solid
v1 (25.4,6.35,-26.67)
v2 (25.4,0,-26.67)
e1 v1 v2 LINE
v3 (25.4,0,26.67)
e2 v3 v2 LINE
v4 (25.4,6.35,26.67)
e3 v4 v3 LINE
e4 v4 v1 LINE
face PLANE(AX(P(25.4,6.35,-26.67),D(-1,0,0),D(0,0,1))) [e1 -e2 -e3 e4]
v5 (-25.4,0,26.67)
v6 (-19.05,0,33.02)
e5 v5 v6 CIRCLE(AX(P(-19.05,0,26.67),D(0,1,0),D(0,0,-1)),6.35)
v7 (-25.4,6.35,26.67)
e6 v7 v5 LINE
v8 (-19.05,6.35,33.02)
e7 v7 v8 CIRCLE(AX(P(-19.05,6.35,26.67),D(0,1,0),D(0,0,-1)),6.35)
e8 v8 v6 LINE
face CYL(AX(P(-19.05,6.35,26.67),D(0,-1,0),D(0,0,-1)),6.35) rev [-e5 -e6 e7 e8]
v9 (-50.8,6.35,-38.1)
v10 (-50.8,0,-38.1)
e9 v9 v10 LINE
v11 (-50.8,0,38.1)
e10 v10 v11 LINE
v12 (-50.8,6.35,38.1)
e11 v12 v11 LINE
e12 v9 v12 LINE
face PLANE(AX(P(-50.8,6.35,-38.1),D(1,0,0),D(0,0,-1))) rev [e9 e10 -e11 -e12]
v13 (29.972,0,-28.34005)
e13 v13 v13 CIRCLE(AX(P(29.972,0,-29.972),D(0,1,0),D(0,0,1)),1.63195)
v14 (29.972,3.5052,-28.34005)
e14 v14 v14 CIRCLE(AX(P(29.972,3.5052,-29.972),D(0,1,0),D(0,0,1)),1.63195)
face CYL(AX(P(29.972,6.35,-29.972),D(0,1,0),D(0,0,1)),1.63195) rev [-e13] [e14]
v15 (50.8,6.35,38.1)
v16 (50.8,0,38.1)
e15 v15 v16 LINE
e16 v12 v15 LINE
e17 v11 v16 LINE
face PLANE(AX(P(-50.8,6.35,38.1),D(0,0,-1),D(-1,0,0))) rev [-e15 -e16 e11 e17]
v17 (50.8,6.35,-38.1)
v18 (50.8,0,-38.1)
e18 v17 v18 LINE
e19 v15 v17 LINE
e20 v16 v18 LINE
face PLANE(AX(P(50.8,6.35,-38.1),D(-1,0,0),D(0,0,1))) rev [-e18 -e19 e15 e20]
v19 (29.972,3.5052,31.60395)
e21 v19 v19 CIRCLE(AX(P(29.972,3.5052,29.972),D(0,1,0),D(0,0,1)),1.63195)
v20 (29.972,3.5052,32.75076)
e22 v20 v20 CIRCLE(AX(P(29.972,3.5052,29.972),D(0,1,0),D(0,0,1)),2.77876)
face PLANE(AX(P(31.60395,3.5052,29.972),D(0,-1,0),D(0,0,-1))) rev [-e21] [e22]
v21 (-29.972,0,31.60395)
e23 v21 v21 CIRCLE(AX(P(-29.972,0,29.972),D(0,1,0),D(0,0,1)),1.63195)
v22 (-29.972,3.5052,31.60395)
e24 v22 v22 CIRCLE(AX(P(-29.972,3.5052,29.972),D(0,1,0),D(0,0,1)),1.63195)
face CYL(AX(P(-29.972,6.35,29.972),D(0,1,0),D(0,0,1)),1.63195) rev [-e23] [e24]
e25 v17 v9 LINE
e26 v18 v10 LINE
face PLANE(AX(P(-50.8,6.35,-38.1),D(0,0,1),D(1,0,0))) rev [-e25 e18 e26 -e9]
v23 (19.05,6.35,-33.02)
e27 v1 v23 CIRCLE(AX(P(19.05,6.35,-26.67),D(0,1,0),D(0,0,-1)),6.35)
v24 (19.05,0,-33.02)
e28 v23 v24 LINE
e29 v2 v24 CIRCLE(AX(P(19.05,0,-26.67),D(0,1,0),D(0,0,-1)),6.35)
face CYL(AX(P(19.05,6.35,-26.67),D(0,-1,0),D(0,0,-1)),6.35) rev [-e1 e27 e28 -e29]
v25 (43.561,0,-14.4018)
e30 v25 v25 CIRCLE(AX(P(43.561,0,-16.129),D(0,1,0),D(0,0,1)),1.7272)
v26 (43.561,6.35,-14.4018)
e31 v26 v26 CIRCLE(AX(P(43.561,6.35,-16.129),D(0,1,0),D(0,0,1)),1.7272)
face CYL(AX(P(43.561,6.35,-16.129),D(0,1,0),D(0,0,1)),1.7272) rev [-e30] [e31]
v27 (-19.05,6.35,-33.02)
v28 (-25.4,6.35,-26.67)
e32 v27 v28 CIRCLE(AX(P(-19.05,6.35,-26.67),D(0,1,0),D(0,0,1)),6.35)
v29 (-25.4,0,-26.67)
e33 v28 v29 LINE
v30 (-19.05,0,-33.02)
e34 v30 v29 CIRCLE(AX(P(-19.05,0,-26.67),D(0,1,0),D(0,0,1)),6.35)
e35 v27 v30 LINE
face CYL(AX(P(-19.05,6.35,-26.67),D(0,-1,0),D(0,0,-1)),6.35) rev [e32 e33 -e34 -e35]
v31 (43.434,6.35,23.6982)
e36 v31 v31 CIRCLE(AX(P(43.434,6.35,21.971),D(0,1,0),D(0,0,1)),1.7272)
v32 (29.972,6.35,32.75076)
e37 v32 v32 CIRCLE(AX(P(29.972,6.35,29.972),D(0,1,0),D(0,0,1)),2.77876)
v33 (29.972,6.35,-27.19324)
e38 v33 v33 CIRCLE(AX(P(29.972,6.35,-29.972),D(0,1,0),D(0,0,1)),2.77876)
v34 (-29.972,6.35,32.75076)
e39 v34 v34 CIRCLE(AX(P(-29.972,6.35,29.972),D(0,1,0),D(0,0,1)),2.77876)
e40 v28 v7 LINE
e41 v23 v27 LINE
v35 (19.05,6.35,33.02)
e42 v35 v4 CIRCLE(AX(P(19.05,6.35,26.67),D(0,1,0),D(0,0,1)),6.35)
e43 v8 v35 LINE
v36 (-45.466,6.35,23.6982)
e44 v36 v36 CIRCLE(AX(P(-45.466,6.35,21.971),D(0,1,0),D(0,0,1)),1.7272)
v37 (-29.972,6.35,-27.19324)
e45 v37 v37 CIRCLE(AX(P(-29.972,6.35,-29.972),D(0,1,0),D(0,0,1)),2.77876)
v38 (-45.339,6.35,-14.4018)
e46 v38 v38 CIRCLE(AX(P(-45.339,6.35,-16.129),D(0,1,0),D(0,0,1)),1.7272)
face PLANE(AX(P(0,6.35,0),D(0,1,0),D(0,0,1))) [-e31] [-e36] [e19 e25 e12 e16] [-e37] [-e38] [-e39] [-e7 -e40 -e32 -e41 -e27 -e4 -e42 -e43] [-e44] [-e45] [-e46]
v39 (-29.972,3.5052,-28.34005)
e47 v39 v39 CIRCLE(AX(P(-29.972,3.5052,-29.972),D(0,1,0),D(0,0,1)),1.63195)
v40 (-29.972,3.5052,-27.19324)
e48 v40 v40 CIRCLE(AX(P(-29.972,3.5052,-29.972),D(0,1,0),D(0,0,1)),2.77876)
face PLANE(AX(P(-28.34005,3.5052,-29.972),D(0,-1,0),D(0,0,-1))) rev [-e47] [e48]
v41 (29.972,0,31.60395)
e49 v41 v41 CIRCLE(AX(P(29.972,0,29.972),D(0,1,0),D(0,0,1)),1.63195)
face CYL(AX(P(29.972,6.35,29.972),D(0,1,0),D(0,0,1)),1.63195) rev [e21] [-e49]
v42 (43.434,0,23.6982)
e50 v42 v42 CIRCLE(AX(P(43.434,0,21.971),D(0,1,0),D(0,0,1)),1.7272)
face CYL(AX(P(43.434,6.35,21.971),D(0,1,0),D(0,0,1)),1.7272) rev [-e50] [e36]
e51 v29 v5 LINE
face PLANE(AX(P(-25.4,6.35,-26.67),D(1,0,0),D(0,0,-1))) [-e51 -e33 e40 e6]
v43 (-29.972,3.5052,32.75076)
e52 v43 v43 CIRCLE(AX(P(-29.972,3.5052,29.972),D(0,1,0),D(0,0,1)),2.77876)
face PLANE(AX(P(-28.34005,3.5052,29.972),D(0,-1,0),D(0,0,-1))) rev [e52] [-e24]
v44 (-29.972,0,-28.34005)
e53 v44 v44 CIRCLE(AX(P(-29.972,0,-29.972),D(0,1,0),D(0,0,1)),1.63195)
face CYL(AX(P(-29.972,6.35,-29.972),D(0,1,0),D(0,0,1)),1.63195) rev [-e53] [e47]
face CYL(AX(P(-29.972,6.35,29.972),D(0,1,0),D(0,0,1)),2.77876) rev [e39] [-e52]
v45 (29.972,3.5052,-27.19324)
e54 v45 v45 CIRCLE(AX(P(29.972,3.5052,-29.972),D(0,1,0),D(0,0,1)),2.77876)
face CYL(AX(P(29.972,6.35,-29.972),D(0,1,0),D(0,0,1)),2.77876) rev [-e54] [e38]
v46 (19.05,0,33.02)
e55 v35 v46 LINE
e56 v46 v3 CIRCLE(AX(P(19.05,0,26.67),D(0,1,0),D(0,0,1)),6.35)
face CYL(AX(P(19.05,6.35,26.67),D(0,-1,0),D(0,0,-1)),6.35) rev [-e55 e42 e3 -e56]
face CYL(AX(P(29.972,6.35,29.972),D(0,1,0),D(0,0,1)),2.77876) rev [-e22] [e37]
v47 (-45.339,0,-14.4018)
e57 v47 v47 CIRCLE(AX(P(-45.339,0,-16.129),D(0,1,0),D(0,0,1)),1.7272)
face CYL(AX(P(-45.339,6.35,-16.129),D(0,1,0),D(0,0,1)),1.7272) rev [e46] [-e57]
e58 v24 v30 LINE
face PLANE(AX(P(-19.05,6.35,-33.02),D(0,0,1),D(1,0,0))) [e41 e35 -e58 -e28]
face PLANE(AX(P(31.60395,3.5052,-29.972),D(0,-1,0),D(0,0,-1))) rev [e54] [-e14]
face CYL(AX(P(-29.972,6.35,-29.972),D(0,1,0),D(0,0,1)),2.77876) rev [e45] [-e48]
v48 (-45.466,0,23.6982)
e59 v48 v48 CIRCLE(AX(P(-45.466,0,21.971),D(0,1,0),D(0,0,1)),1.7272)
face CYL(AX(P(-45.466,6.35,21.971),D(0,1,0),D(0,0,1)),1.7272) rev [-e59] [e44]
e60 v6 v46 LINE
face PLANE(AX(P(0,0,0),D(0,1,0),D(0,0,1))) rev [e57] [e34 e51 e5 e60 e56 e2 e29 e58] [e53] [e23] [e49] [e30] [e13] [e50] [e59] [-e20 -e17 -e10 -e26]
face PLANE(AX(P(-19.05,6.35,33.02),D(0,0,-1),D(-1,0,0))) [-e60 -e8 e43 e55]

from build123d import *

# Parameters (mm, degrees)
SKETCH2_W                                      = 101.6
SKETCH2_H                                      = 76.2
BOSS_EXTRUDE1_DEPTH                            = 6.35
CBORE_FOR_4_SOCKET_HEAD_CAP_SCREW1_D           = 3.2639
CBORE_FOR_4_SOCKET_HEAD_CAP_SCREW1_CBORE_D     = 5.55752
CBORE_FOR_4_SOCKET_HEAD_CAP_SCREW1_CBORE_DEPTH = 2.8448
F_8_32_TAPPED_HOLE1_D                          = 3.4544


with BuildPart() as part:
    # Sketch2 → Boss-Extrude1 (new body)
    with BuildSketch(Plane(origin=(0, 0, 0), x_dir=(1, 0, 0), z_dir=(0, 1, 0))):
        Rectangle(SKETCH2_W, SKETCH2_H)
        with BuildLine():
            Line((-19.05, 33.02), (19.05, 33.02))
            ThreePointArc((19.05, 33.02), (23.540128061, 31.160128061), (25.4, 26.67))
            Line((25.4, 26.67), (25.4, -26.67))
            ThreePointArc((25.4, -26.67), (23.540128061, -31.160128061), (19.05, -33.02))
            Line((19.05, -33.02), (-19.05, -33.02))
            ThreePointArc((-19.05, -33.02), (-23.540128061, -31.160128061), (-25.4, -26.67))
            Line((-25.4, -26.67), (-25.4, 26.67))
            ThreePointArc((-25.4, 26.67), (-23.540128061, 31.160128061), (-19.05, 33.02))
        make_face(mode=Mode.SUBTRACT)
    extrude(amount=BOSS_EXTRUDE1_DEPTH)

    # CBORE for #4 Socket Head Cap Screw1 (through all)
    with Locations(Plane(origin=(0, 6.35, 0), x_dir=(1, 0, 0), z_dir=(0, 1, 0))):
        with Locations((-29.972, 29.972), (29.972, 29.972), (29.972, -29.972), (-29.972, -29.972)):
            CounterBoreHole(CBORE_FOR_4_SOCKET_HEAD_CAP_SCREW1_D / 2, CBORE_FOR_4_SOCKET_HEAD_CAP_SCREW1_CBORE_D / 2, CBORE_FOR_4_SOCKET_HEAD_CAP_SCREW1_CBORE_DEPTH)

    # #8-32 Tapped Hole1 (through all)
    with Locations(Plane(origin=(0, 6.35, 0), x_dir=(1, 0, 0), z_dir=(0, 1, 0))):
        with Locations((-45.339, 16.129), (-45.466, -21.971), (43.561, 16.129), (43.434, -21.971)):
            Hole(F_8_32_TAPPED_HOLE1_D / 2)


solid = part.part
